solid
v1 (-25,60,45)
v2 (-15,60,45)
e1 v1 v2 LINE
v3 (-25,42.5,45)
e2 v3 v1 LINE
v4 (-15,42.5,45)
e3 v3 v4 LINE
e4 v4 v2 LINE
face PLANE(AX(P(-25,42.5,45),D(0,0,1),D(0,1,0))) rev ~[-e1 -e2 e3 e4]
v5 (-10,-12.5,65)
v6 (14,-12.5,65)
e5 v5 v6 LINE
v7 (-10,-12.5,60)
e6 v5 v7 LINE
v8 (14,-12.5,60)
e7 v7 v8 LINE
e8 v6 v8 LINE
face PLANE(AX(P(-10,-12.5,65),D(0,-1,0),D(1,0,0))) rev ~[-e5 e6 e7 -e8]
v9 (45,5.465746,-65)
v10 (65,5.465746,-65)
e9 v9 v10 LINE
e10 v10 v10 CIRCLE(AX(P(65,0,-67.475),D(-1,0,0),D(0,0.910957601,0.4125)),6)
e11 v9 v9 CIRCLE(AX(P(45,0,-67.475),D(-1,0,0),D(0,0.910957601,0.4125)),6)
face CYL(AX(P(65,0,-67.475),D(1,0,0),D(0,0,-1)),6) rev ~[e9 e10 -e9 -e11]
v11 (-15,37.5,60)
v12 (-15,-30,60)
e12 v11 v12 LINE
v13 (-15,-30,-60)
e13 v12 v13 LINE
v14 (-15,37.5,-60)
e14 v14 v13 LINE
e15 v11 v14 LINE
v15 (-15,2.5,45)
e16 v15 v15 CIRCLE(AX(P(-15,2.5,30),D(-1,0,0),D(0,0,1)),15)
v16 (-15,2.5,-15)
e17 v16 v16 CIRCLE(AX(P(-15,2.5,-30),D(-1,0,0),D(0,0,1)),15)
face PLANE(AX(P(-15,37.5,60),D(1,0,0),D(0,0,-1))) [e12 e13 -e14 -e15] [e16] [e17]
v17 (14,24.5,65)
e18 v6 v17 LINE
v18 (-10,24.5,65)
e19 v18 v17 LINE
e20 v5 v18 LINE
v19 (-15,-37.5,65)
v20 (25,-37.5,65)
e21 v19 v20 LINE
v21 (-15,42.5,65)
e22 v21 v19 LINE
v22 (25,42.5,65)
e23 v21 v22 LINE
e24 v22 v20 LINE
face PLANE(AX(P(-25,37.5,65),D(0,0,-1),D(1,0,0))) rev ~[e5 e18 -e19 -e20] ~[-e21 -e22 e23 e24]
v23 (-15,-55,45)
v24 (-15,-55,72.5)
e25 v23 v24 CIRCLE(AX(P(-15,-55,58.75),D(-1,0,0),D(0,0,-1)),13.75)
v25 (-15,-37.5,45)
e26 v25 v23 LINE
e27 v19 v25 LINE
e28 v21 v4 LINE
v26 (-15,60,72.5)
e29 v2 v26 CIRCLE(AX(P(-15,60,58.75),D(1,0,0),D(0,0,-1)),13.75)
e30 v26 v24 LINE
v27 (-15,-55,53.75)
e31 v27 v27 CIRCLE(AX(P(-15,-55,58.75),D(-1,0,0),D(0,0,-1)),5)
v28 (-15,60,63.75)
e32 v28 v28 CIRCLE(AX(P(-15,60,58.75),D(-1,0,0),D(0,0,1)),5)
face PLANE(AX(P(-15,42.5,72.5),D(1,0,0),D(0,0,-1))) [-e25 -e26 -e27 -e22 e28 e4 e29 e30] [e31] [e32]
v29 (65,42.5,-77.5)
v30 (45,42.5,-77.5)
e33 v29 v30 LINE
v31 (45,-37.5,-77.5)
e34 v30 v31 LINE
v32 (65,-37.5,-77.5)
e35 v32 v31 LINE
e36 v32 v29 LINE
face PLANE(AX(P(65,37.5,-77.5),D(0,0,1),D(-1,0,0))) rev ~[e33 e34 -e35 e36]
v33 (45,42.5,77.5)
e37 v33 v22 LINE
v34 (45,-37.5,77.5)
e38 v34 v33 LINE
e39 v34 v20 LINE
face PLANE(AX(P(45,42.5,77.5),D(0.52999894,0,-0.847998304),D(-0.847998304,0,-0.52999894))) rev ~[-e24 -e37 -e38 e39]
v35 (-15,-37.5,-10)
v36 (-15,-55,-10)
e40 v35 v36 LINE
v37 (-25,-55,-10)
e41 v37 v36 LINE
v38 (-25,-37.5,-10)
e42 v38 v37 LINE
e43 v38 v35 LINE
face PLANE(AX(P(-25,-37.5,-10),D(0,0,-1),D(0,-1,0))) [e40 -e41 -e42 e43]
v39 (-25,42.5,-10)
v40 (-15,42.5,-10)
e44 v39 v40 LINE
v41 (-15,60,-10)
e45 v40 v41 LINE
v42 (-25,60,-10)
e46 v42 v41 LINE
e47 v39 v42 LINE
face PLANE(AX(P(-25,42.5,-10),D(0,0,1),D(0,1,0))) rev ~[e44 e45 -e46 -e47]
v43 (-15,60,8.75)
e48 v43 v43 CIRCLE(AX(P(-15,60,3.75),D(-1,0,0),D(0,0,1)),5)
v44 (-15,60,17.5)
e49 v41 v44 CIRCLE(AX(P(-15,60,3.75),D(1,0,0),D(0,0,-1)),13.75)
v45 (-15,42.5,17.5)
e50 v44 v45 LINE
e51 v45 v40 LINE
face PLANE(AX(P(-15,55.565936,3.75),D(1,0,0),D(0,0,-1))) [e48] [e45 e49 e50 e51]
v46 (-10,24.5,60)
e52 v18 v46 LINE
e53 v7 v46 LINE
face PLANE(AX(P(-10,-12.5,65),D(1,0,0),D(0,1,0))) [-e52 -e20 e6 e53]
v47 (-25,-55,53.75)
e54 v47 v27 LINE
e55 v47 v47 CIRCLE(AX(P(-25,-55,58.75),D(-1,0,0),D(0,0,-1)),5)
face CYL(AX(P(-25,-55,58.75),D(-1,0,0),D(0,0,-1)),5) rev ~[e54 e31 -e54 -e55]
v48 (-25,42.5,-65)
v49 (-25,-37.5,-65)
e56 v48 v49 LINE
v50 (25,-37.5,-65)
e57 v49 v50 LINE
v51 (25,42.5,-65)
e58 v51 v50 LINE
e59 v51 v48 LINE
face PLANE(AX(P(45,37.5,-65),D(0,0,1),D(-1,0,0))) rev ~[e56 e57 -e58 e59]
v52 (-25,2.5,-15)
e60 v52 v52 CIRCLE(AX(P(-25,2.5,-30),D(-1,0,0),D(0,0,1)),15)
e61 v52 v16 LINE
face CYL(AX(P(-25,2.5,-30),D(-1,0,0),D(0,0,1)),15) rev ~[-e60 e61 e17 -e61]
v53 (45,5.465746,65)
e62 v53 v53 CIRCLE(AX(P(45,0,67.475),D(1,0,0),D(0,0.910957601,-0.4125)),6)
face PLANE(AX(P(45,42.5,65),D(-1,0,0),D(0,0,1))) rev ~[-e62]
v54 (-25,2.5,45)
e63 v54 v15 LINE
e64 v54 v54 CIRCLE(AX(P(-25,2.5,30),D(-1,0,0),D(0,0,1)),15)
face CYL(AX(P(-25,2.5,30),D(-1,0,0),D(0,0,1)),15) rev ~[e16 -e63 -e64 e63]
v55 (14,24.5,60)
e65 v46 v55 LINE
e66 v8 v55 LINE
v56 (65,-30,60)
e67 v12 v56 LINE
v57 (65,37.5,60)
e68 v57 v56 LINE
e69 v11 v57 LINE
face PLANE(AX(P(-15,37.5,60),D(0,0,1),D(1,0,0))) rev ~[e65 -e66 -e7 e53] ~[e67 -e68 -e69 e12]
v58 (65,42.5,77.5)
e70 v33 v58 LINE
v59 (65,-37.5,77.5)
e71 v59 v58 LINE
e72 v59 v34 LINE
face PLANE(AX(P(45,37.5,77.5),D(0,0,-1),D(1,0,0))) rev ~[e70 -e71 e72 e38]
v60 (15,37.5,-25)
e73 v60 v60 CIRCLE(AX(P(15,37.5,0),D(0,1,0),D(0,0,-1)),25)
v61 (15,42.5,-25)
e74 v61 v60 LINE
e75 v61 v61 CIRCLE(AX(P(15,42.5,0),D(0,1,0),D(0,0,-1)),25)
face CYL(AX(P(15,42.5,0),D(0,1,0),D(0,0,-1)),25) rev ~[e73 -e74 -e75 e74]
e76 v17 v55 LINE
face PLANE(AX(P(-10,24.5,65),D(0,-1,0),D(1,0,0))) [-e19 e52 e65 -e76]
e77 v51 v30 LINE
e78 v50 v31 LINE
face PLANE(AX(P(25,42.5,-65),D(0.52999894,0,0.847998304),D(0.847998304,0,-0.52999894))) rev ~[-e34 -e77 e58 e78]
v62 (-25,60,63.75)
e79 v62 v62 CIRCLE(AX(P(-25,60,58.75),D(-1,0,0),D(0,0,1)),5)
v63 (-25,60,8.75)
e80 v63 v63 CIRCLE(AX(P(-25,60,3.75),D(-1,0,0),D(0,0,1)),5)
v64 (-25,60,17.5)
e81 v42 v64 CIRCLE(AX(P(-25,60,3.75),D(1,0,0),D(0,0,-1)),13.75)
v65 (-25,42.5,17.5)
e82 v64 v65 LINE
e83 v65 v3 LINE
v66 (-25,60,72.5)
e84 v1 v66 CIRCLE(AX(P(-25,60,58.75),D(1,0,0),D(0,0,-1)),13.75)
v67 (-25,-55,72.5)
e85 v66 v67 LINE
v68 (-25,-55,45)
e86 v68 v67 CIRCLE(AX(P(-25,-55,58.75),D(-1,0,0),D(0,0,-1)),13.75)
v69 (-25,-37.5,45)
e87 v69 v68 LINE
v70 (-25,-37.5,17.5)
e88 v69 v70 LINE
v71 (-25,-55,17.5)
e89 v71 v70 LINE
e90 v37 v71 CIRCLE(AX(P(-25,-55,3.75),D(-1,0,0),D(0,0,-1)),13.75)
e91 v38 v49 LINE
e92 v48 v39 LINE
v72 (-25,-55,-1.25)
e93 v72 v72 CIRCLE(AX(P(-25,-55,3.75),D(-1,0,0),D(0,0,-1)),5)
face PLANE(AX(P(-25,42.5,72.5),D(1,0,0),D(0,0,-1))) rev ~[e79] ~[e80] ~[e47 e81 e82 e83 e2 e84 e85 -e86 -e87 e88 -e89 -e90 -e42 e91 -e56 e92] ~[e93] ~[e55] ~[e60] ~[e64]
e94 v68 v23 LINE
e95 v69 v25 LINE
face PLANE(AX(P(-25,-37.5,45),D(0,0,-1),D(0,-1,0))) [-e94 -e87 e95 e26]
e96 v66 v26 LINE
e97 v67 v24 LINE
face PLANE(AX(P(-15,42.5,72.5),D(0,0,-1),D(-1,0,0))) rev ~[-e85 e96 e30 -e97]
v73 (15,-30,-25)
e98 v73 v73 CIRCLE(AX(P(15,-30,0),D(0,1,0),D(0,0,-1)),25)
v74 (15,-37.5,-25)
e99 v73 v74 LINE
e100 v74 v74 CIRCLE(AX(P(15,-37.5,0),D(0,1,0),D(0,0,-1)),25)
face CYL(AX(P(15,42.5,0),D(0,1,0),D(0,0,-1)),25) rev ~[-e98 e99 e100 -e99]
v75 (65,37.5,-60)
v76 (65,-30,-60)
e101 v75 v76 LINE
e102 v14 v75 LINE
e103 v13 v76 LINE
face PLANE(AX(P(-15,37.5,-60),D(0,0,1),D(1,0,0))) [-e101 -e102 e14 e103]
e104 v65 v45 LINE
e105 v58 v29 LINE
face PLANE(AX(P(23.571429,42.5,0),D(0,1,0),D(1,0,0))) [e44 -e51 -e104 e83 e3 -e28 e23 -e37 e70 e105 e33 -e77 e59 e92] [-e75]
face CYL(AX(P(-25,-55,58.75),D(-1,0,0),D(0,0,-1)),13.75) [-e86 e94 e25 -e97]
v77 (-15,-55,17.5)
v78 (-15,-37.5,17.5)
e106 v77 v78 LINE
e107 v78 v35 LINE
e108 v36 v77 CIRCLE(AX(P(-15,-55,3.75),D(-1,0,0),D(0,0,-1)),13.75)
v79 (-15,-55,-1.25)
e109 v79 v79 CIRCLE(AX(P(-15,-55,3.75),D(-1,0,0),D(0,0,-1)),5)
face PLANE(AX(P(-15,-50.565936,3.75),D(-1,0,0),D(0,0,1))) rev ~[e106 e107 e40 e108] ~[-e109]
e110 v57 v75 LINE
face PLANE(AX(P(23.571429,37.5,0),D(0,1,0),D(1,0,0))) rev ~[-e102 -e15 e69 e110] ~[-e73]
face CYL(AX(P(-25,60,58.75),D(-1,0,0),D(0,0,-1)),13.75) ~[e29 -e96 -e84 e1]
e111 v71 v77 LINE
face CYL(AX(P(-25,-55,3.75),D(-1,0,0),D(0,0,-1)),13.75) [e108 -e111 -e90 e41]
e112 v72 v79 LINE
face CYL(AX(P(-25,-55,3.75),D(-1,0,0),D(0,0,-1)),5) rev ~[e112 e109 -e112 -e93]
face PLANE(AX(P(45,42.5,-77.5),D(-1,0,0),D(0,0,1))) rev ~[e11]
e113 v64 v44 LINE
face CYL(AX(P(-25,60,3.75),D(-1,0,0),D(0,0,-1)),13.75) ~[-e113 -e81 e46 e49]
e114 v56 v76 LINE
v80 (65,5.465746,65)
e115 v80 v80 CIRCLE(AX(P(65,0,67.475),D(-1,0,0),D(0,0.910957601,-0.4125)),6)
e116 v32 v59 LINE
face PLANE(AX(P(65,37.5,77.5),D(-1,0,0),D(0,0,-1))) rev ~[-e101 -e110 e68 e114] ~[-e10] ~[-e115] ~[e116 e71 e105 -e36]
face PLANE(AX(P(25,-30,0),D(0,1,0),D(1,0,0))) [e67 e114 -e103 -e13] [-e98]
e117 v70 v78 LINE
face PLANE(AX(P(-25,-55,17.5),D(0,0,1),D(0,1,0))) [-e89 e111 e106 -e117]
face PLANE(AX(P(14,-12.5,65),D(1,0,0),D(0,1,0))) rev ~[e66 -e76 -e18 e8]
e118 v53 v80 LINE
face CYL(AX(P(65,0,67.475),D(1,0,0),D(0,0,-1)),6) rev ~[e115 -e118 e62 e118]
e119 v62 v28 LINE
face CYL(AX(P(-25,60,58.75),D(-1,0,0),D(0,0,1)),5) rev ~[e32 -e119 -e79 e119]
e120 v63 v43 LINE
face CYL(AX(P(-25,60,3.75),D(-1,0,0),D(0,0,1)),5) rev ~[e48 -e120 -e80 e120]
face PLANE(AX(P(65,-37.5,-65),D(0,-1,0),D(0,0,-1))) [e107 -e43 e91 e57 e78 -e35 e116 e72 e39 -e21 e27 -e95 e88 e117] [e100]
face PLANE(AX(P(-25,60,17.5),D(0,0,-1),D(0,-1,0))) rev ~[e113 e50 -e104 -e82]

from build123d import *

# Parameters (mm, degrees)
SKETCH2_W             = 130
SKETCH2_H             = 130
BOSS_EXTRUDE2_DEPTH   = 37.5
SKETCH3_W             = 80
SKETCH3_H             = 120
CUT_EXTRUDE1_DEPTH    = 67.5
SKETCH15_W            = 81.593666544
SKETCH15_H            = 171.523851769
CUT_EXTRUDE9_DEPTH    = 119.638105177
SKETCH5_W             = 12.5
SKETCH5_H             = 75
BOSS_EXTRUDE4_DEPTH   = 20
BOSS_EXTRUDE4_2_DEPTH = 20
SKETCH7_R             = 6
CUT_EXTRUDE10_DEPTH   = 20
BOSS_EXTRUDE7_DEPTH   = 5
SKETCH17_W            = 24
SKETCH17_H            = 37
CUT_EXTRUDE11_DEPTH   = 5
SKETCH18_R            = 5
BOSS_EXTRUDE8_DEPTH   = 10
LPATTERN2_COUNT       = 2
LPATTERN2_PITCH       = 55
CUT_EXTRUDE12_REACH   = 152.359
SKETCH20_R            = 25
SKETCH21_R            = 15
CUT_EXTRUDE13_DEPTH   = 10
BOSS_EXTRUDE9_DEPTH   = 80
SKETCH23_W            = 10
SKETCH23_H            = 7.5
BOSS_EXTRUDE10_DEPTH  = 80


with BuildPart() as part:
    # Sketch2 → Boss-Extrude2 (new, symmetric)
    with BuildSketch(Plane(origin=(0, 0, 0), x_dir=(1, 0, 0), z_dir=(0, 1, 0))):
        Rectangle(SKETCH2_W, SKETCH2_H)
    extrude(amount=BOSS_EXTRUDE2_DEPTH, both=True)

    # Sketch3 → Cut-Extrude1 (cut)
    with BuildSketch(Plane(origin=(0, 37.5, 0), x_dir=(1, 0, 0), z_dir=(0, 1, 0))):
        with Locations((25, 0)):
            Rectangle(SKETCH3_W, SKETCH3_H)
    extrude(amount=-CUT_EXTRUDE1_DEPTH, mode=Mode.SUBTRACT)

    # Sketch15 → Cut-Extrude9 (cut, through all)
    with BuildSketch(Plane(origin=(0, 37.5, 0), x_dir=(1, 0, 0), z_dir=(0, 1, 0))):
        with Locations((-65.796833272, -4.787594099)):
            Rectangle(SKETCH15_W, SKETCH15_H)
    extrude(amount=-CUT_EXTRUDE9_DEPTH, mode=Mode.SUBTRACT)


with BuildPart() as body_2:
    # Sketch5 → Boss-Extrude4 (new body)
    with BuildSketch(Plane(origin=(65, 0, 0), x_dir=(0, 0, -1), z_dir=(1, 0, 0))):
        with Locations((-71.25, 0)):
            Rectangle(SKETCH5_W, SKETCH5_H)
    extrude(amount=-BOSS_EXTRUDE4_DEPTH)


with BuildPart() as body_3:
    # Sketch5 → Boss-Extrude4 2 (new body)
    with BuildSketch(Plane(origin=(65, 0, 0), x_dir=(0, 0, -1), z_dir=(1, 0, 0))):
        with Locations((71.25, 0)):
            Rectangle(SKETCH5_W, SKETCH5_H)
    extrude(amount=-BOSS_EXTRUDE4_2_DEPTH)


with BuildPart() as cut_extrude10_tool:
    # Sketch7 → Cut-Extrude10 (new body)
    with BuildSketch(Plane(origin=(65, 0, 0), x_dir=(0, 0, -1), z_dir=(1, 0, 0))):
        with Locations((-67.475, 0)):
            Circle(SKETCH7_R)
        with Locations((67.475, 0)):
            Circle(SKETCH7_R)
    extrude(amount=-CUT_EXTRUDE10_DEPTH)


with BuildPart() as part_1:
    add(part.part)

    # Cut-Extrude10: cut by cut_extrude10_tool
    add(cut_extrude10_tool.part, mode=Mode.SUBTRACT)



with BuildPart() as body_2_1:
    add(body_2.part)

    # Cut-Extrude10: cut by cut_extrude10_tool
    add(cut_extrude10_tool.part, mode=Mode.SUBTRACT)


with BuildPart() as body_3_1:
    add(body_3.part)

    # Cut-Extrude10: cut by cut_extrude10_tool
    add(cut_extrude10_tool.part, mode=Mode.SUBTRACT)


with BuildPart() as part_2:
    add(part_1.part)

    add(body_2_1.part)  # Boss-Extrude7 merges body 2

    add(body_3_1.part)  # Boss-Extrude7 merges body 3
    # Sketch16 → Boss-Extrude7 (add)
    with BuildSketch(Plane(origin=(0, 37.5, 0), x_dir=(1, 0, 0), z_dir=(0, 1, 0))):
        Polygon((-25, 65), (-25, -65), (45, -65), (45, -77.5), (65, -77.5), (65, 77.5), (45, 77.5), (45, 65), align=None)
    extrude(amount=BOSS_EXTRUDE7_DEPTH)

    # Sketch17 → Cut-Extrude11 (cut)
    with BuildSketch(Plane.XY.offset(65)):
        with Locations((2, 6)):
            Rectangle(SKETCH17_W, SKETCH17_H)
    extrude(amount=-CUT_EXTRUDE11_DEPTH, mode=Mode.SUBTRACT)

    # Sketch18 → Boss-Extrude8 (add)
    # profile 1 of 2: a face of its own
    with BuildSketch(Plane.ZY.offset(25)):
        with BuildLine():
            Line((45, 42.5), (45, 60))
            ThreePointArc((45, 60), (58.75, 73.75), (72.5, 60))
            Line((72.5, 60), (72.5, 42.5))
            Line((72.5, 42.5), (45, 42.5))
        make_face()
        with Locations((58.75, 60)):
            Circle(SKETCH18_R, mode=Mode.SUBTRACT)
    # profile 2 of 2: a face of its own
    with BuildSketch(Plane.ZY.offset(25)):
        with BuildLine():
            Line((72.5, -37.5), (45, -37.5))
            Line((45, -37.5), (45, -55))
            ThreePointArc((45, -55), (58.75, -68.75), (72.5, -55))
            Line((72.5, -55), (72.5, -37.5))
        make_face()
        with Locations(Location((58.75, -55, 0), (0, 0, 180))):
            Circle(SKETCH18_R, mode=Mode.SUBTRACT)
    boss_extrude8 = extrude(amount=-BOSS_EXTRUDE8_DEPTH)

    # LPattern2: Boss-Extrude8 ×2
    with Locations(*[(0, 0, -i * LPATTERN2_PITCH) for i in range(1, LPATTERN2_COUNT)]):
        add(boss_extrude8)

    # Cut-Extrude12: up to this face of the body (flat: up to its plane)
    cut_extrude12_end = Plane(part_2.part.faces().sort_by_distance((23.113006397, -37.5, -1.026119403))[0])
    # Sketch20 → Cut-Extrude12 (cut, up to the picked face)
    with BuildSketch(Plane(origin=(0, 42.5, 0), x_dir=(1, 0, 0), z_dir=(0, 1, 0)), mode=Mode.PRIVATE) as cut_extrude12_sk1:
        with Locations(Location((15, 0, 0), (0, 0, 90))):
            Circle(SKETCH20_R)
    cut_extrude12_tool1 = split(extrude(cut_extrude12_sk1.sketch, amount=-CUT_EXTRUDE12_REACH, mode=Mode.PRIVATE), bisect_by=cut_extrude12_end, keep=Keep.BOTH, mode=Mode.PRIVATE)
    add(cut_extrude12_tool1.solids().sort_by(Axis((15, 42.5, 0), (0, -1, 0)))[0], mode=Mode.SUBTRACT)

    # Sketch21 → Cut-Extrude13 (cut)
    with BuildSketch(Plane.ZY.offset(25)):
        with Locations((30, 2.5)):
            Circle(SKETCH21_R)
        with Locations((-30, 2.5)):
            Circle(SKETCH21_R)
    extrude(amount=-CUT_EXTRUDE13_DEPTH, mode=Mode.SUBTRACT)

    # Sketch22 → Boss-Extrude9 (add)
    with BuildSketch(Plane(origin=(0, 42.5, 0), x_dir=(1, 0, 0), z_dir=(0, 1, 0))):
        Polygon((45, -65), (45, -77.5), (25, -65), align=None)
        Polygon((45, 77.5), (45, 65), (25, 65), align=None)
    extrude(amount=-BOSS_EXTRUDE9_DEPTH)

    # Sketch23 → Boss-Extrude10 (add)
    with BuildSketch(Plane(origin=(0, 42.5, 0), x_dir=(-1, 0, 0), z_dir=(0, -1, 0))):
        with Locations((20, -68.75)):
            Rectangle(SKETCH23_W, SKETCH23_H)
    extrude(amount=BOSS_EXTRUDE10_DEPTH)


solid = part_2.part
